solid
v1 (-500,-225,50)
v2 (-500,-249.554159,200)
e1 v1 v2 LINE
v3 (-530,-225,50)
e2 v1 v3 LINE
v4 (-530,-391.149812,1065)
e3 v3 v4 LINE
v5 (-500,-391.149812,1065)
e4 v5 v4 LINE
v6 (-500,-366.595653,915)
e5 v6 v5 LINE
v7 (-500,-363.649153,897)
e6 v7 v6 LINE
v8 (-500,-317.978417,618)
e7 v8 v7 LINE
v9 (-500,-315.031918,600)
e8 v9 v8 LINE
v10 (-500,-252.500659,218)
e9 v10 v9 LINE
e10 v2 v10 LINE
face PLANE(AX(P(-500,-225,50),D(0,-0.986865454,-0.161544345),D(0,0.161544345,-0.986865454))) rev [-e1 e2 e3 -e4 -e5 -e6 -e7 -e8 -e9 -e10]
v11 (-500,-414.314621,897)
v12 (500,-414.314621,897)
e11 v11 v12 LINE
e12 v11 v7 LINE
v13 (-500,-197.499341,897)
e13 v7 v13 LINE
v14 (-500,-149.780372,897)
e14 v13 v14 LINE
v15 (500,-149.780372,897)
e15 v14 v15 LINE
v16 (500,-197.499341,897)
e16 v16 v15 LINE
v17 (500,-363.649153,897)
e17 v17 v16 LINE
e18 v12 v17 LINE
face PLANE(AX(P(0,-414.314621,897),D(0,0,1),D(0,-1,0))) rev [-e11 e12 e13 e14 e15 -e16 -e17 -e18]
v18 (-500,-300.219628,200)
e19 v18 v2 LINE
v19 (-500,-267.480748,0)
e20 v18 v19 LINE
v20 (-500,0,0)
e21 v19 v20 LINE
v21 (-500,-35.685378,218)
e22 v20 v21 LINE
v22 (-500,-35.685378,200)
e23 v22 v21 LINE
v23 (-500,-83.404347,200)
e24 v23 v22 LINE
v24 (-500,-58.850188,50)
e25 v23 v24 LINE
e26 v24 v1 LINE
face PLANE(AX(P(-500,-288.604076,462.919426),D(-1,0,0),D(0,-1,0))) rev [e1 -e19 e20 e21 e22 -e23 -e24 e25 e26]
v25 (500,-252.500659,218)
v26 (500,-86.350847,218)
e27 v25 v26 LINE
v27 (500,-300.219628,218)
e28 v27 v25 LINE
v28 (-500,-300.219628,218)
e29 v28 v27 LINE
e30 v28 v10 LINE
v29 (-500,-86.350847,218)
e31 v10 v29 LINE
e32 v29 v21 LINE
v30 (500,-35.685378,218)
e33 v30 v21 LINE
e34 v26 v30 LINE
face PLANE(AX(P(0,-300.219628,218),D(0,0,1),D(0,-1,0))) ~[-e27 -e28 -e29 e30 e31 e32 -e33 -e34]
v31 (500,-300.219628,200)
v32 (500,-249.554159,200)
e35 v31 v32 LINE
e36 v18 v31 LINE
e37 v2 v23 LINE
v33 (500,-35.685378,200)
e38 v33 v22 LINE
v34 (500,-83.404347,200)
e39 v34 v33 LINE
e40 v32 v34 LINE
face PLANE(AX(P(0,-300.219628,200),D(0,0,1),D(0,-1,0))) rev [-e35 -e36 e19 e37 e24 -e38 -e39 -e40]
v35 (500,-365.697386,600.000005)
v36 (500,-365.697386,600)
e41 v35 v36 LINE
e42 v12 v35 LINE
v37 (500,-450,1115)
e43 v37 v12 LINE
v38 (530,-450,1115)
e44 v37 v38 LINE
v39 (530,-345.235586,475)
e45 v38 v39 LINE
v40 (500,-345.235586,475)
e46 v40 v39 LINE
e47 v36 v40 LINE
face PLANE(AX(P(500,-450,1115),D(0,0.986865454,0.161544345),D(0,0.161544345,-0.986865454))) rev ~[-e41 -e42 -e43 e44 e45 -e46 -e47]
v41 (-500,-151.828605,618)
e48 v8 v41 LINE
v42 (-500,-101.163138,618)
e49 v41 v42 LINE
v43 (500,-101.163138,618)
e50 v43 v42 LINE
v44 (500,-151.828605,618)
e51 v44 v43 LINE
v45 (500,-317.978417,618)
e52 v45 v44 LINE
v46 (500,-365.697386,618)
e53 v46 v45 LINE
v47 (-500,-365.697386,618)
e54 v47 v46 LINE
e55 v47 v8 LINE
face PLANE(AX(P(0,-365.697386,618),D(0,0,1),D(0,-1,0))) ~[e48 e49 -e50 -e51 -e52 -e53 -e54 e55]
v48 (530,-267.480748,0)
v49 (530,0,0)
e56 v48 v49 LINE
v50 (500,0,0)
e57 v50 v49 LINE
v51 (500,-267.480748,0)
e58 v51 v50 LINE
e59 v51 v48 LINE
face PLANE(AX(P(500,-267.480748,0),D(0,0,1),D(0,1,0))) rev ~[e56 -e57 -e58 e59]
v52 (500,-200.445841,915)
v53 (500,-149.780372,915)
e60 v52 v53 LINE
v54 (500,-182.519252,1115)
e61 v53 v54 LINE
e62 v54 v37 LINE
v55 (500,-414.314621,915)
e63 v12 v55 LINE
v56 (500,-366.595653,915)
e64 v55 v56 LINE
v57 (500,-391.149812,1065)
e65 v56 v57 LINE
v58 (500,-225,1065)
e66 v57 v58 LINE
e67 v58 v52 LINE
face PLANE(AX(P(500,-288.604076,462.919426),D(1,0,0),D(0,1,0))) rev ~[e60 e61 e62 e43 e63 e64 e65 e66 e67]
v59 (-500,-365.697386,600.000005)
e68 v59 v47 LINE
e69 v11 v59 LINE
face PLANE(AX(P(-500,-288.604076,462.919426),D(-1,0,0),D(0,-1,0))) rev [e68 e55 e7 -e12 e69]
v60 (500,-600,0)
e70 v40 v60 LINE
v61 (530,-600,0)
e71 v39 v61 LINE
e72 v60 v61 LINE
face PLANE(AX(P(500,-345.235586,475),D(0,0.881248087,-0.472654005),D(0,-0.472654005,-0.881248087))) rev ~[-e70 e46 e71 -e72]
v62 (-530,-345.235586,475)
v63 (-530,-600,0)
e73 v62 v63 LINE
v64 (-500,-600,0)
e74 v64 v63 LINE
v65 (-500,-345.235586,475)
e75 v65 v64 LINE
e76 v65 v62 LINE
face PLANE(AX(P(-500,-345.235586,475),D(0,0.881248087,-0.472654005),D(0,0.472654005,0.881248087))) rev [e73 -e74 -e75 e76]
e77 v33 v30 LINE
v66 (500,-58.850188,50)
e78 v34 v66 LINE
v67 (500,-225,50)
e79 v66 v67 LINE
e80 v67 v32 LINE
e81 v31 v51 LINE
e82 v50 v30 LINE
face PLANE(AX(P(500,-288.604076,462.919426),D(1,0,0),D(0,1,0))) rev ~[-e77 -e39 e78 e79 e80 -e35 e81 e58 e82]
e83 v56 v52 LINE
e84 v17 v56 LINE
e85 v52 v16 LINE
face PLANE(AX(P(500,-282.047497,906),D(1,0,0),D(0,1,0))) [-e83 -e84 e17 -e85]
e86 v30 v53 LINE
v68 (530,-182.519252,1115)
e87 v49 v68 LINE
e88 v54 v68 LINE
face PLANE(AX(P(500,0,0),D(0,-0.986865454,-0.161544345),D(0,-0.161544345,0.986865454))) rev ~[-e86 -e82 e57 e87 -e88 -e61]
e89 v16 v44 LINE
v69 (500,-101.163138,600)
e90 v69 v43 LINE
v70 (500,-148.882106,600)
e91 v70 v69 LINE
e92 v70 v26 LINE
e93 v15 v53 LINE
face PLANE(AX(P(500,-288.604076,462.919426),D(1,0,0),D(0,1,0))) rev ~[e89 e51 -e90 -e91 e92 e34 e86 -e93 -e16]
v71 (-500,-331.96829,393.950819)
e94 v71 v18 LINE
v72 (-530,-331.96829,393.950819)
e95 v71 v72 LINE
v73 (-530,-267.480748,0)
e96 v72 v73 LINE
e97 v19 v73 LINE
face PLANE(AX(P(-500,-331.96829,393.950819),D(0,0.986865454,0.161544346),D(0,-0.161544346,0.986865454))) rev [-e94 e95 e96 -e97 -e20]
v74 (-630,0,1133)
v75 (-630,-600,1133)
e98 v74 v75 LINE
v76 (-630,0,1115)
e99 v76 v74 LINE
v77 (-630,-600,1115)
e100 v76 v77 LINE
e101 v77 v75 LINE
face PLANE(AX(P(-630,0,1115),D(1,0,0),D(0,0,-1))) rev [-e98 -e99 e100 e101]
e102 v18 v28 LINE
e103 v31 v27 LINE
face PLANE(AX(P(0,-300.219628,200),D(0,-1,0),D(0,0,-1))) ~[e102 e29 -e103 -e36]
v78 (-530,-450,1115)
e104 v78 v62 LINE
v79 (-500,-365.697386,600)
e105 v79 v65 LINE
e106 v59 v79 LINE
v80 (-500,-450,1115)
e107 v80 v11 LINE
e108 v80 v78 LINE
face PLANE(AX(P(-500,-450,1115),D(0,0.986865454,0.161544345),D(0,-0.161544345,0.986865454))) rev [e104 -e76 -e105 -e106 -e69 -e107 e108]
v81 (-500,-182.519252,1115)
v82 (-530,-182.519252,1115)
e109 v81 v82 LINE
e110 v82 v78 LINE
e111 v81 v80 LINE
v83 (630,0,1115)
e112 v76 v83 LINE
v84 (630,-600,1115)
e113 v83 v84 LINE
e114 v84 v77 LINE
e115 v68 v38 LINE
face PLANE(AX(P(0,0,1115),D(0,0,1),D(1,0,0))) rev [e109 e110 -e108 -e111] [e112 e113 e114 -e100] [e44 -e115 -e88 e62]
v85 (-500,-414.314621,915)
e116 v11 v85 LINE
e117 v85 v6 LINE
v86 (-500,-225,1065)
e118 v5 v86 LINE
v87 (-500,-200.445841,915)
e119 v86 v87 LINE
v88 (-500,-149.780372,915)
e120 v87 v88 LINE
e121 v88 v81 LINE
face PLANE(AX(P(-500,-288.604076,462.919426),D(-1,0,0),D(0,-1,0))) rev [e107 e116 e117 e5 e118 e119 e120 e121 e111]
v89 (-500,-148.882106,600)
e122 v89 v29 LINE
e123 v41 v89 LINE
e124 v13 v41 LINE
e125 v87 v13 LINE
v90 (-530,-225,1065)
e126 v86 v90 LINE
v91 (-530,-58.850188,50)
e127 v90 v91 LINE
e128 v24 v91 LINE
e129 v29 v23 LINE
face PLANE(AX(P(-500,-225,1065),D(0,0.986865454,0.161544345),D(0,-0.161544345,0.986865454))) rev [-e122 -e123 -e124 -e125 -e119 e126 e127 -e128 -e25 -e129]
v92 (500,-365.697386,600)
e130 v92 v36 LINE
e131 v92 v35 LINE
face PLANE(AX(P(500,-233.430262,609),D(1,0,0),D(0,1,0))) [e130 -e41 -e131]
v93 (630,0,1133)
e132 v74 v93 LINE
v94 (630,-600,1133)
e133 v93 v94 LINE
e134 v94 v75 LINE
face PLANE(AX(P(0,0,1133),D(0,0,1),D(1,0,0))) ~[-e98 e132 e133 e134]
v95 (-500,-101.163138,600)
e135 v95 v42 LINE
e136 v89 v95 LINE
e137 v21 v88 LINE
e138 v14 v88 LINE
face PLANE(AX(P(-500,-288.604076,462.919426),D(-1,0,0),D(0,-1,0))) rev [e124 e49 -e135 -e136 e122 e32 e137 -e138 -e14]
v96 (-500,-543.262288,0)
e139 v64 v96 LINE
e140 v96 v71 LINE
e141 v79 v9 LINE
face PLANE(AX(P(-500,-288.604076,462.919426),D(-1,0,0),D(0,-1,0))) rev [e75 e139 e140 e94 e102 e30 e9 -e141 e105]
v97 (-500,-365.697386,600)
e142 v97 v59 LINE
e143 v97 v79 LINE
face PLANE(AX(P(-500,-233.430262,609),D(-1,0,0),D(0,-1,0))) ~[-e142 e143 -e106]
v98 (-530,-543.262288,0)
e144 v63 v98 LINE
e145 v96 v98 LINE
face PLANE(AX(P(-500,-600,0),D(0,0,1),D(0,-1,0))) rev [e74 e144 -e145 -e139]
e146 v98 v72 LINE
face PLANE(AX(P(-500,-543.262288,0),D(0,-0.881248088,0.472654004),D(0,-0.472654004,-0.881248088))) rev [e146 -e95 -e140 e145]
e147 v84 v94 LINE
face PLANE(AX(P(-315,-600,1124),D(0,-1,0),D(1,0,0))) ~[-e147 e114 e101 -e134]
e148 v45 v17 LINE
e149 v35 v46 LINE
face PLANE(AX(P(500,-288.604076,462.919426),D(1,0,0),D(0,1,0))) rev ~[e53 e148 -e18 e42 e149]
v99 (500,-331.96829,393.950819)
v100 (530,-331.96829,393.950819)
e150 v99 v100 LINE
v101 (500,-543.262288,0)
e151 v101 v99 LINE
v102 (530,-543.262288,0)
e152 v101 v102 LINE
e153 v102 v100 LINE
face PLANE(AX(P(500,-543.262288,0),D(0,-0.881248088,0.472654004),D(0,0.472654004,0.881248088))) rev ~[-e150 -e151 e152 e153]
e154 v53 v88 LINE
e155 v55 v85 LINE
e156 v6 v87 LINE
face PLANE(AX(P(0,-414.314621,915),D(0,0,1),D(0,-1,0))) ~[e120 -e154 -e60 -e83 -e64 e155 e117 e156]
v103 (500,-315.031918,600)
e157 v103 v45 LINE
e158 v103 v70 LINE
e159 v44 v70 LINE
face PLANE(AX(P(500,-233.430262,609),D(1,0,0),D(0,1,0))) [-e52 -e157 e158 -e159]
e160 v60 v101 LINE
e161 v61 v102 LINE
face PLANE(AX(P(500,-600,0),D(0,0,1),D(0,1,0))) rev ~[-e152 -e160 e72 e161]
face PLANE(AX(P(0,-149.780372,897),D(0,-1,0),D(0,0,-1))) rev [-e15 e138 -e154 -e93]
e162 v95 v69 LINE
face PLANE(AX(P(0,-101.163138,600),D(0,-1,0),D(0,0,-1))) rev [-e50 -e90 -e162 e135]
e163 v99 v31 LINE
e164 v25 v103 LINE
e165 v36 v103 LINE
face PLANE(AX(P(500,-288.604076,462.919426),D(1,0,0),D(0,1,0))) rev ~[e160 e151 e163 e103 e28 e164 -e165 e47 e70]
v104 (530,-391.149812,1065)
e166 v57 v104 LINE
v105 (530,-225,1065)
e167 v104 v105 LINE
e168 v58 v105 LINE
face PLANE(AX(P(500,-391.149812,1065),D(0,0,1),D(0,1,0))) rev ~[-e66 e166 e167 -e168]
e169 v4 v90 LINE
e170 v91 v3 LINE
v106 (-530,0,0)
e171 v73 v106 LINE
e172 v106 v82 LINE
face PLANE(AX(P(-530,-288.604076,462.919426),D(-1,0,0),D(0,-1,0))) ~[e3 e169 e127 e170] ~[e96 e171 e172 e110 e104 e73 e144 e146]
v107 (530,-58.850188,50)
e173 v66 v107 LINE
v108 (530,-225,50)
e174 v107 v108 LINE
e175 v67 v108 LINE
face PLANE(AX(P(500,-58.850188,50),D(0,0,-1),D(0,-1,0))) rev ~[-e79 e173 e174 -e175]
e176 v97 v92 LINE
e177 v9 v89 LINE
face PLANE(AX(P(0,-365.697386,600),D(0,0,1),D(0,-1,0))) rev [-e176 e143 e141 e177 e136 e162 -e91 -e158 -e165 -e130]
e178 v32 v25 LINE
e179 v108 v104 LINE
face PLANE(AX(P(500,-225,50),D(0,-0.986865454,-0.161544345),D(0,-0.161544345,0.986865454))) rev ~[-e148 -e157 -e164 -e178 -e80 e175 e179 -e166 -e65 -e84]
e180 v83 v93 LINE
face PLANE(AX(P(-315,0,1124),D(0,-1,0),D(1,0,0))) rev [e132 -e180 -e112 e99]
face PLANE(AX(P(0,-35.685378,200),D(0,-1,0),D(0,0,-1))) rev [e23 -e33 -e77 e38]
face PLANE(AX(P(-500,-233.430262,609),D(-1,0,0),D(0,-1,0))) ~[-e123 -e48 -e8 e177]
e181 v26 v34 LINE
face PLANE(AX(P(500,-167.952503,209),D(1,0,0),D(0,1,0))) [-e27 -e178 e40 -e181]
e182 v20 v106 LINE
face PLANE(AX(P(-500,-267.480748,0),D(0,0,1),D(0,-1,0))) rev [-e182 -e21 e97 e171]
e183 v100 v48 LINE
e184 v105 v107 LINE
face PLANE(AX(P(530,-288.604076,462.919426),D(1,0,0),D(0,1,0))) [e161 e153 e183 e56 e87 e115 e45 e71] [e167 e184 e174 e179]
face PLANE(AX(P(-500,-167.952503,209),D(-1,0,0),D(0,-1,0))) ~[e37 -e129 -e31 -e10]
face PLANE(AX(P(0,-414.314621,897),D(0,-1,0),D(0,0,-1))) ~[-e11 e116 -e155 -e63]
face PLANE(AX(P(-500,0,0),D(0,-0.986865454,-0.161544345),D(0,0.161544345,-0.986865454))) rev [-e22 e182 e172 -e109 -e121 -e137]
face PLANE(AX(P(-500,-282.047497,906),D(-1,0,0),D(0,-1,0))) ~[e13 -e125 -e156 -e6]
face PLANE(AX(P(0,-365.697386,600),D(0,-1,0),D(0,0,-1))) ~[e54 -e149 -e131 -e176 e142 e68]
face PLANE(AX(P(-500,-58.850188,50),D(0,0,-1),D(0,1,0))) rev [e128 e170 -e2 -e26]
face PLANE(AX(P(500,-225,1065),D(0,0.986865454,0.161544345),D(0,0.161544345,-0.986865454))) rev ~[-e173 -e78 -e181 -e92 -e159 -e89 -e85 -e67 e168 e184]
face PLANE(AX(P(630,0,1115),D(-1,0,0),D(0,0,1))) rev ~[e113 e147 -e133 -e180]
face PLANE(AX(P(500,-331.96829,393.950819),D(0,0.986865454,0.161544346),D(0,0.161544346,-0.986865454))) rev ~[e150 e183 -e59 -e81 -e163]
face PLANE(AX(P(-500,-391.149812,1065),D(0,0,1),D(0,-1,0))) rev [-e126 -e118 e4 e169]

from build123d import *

# Parameters (mm, degrees)
F2_DEPTH = 30
F3_W     = 630
F3_H     = 18
F4_DEPTH = 600
F5_W     = 264.534249
F5_H     = 18
F6_DEPTH = 500


with BuildPart() as f2:
    # F1 (on offset) → F2 (new body)
    with BuildSketch(Plane.YZ.offset(500)):
        Polygon((-543.262288, 0), (-331.96829, 393.950819), (-267.480748, 0), (0, 0), (-182.519252, 1115), (-450, 1115), (-345.235586, 475), (-600, 0), align=None)
        Polygon((-225, 50), (-391.149812, 1065), (-225, 1065), (-58.850188, 50), align=None, mode=Mode.SUBTRACT)
    extrude(amount=F2_DEPTH)

    # F3 (on Front) → F4 (join)
    with BuildSketch(Plane.XZ):
        with Locations((315, 1124)):
            Rectangle(F3_W, F3_H)
    extrude(amount=F4_DEPTH)

    # F5 (on Right) → F6 (join, through all)
    with BuildSketch(Plane.YZ):
        with Locations((-282.047497, 906)):
            Rectangle(F5_W, F5_H)
        with Locations((-233.430262, 609)):
            Rectangle(F5_W, F5_H)
        with Locations((-167.952503, 209)):
            Rectangle(F5_W, F5_H)
    extrude(amount=F6_DEPTH)

    # F7: F2 across plane


with BuildPart() as f2_1:
    add(f2.part)
    add(f2.part.mirror(Plane.YZ))


solid = f2_1.part
